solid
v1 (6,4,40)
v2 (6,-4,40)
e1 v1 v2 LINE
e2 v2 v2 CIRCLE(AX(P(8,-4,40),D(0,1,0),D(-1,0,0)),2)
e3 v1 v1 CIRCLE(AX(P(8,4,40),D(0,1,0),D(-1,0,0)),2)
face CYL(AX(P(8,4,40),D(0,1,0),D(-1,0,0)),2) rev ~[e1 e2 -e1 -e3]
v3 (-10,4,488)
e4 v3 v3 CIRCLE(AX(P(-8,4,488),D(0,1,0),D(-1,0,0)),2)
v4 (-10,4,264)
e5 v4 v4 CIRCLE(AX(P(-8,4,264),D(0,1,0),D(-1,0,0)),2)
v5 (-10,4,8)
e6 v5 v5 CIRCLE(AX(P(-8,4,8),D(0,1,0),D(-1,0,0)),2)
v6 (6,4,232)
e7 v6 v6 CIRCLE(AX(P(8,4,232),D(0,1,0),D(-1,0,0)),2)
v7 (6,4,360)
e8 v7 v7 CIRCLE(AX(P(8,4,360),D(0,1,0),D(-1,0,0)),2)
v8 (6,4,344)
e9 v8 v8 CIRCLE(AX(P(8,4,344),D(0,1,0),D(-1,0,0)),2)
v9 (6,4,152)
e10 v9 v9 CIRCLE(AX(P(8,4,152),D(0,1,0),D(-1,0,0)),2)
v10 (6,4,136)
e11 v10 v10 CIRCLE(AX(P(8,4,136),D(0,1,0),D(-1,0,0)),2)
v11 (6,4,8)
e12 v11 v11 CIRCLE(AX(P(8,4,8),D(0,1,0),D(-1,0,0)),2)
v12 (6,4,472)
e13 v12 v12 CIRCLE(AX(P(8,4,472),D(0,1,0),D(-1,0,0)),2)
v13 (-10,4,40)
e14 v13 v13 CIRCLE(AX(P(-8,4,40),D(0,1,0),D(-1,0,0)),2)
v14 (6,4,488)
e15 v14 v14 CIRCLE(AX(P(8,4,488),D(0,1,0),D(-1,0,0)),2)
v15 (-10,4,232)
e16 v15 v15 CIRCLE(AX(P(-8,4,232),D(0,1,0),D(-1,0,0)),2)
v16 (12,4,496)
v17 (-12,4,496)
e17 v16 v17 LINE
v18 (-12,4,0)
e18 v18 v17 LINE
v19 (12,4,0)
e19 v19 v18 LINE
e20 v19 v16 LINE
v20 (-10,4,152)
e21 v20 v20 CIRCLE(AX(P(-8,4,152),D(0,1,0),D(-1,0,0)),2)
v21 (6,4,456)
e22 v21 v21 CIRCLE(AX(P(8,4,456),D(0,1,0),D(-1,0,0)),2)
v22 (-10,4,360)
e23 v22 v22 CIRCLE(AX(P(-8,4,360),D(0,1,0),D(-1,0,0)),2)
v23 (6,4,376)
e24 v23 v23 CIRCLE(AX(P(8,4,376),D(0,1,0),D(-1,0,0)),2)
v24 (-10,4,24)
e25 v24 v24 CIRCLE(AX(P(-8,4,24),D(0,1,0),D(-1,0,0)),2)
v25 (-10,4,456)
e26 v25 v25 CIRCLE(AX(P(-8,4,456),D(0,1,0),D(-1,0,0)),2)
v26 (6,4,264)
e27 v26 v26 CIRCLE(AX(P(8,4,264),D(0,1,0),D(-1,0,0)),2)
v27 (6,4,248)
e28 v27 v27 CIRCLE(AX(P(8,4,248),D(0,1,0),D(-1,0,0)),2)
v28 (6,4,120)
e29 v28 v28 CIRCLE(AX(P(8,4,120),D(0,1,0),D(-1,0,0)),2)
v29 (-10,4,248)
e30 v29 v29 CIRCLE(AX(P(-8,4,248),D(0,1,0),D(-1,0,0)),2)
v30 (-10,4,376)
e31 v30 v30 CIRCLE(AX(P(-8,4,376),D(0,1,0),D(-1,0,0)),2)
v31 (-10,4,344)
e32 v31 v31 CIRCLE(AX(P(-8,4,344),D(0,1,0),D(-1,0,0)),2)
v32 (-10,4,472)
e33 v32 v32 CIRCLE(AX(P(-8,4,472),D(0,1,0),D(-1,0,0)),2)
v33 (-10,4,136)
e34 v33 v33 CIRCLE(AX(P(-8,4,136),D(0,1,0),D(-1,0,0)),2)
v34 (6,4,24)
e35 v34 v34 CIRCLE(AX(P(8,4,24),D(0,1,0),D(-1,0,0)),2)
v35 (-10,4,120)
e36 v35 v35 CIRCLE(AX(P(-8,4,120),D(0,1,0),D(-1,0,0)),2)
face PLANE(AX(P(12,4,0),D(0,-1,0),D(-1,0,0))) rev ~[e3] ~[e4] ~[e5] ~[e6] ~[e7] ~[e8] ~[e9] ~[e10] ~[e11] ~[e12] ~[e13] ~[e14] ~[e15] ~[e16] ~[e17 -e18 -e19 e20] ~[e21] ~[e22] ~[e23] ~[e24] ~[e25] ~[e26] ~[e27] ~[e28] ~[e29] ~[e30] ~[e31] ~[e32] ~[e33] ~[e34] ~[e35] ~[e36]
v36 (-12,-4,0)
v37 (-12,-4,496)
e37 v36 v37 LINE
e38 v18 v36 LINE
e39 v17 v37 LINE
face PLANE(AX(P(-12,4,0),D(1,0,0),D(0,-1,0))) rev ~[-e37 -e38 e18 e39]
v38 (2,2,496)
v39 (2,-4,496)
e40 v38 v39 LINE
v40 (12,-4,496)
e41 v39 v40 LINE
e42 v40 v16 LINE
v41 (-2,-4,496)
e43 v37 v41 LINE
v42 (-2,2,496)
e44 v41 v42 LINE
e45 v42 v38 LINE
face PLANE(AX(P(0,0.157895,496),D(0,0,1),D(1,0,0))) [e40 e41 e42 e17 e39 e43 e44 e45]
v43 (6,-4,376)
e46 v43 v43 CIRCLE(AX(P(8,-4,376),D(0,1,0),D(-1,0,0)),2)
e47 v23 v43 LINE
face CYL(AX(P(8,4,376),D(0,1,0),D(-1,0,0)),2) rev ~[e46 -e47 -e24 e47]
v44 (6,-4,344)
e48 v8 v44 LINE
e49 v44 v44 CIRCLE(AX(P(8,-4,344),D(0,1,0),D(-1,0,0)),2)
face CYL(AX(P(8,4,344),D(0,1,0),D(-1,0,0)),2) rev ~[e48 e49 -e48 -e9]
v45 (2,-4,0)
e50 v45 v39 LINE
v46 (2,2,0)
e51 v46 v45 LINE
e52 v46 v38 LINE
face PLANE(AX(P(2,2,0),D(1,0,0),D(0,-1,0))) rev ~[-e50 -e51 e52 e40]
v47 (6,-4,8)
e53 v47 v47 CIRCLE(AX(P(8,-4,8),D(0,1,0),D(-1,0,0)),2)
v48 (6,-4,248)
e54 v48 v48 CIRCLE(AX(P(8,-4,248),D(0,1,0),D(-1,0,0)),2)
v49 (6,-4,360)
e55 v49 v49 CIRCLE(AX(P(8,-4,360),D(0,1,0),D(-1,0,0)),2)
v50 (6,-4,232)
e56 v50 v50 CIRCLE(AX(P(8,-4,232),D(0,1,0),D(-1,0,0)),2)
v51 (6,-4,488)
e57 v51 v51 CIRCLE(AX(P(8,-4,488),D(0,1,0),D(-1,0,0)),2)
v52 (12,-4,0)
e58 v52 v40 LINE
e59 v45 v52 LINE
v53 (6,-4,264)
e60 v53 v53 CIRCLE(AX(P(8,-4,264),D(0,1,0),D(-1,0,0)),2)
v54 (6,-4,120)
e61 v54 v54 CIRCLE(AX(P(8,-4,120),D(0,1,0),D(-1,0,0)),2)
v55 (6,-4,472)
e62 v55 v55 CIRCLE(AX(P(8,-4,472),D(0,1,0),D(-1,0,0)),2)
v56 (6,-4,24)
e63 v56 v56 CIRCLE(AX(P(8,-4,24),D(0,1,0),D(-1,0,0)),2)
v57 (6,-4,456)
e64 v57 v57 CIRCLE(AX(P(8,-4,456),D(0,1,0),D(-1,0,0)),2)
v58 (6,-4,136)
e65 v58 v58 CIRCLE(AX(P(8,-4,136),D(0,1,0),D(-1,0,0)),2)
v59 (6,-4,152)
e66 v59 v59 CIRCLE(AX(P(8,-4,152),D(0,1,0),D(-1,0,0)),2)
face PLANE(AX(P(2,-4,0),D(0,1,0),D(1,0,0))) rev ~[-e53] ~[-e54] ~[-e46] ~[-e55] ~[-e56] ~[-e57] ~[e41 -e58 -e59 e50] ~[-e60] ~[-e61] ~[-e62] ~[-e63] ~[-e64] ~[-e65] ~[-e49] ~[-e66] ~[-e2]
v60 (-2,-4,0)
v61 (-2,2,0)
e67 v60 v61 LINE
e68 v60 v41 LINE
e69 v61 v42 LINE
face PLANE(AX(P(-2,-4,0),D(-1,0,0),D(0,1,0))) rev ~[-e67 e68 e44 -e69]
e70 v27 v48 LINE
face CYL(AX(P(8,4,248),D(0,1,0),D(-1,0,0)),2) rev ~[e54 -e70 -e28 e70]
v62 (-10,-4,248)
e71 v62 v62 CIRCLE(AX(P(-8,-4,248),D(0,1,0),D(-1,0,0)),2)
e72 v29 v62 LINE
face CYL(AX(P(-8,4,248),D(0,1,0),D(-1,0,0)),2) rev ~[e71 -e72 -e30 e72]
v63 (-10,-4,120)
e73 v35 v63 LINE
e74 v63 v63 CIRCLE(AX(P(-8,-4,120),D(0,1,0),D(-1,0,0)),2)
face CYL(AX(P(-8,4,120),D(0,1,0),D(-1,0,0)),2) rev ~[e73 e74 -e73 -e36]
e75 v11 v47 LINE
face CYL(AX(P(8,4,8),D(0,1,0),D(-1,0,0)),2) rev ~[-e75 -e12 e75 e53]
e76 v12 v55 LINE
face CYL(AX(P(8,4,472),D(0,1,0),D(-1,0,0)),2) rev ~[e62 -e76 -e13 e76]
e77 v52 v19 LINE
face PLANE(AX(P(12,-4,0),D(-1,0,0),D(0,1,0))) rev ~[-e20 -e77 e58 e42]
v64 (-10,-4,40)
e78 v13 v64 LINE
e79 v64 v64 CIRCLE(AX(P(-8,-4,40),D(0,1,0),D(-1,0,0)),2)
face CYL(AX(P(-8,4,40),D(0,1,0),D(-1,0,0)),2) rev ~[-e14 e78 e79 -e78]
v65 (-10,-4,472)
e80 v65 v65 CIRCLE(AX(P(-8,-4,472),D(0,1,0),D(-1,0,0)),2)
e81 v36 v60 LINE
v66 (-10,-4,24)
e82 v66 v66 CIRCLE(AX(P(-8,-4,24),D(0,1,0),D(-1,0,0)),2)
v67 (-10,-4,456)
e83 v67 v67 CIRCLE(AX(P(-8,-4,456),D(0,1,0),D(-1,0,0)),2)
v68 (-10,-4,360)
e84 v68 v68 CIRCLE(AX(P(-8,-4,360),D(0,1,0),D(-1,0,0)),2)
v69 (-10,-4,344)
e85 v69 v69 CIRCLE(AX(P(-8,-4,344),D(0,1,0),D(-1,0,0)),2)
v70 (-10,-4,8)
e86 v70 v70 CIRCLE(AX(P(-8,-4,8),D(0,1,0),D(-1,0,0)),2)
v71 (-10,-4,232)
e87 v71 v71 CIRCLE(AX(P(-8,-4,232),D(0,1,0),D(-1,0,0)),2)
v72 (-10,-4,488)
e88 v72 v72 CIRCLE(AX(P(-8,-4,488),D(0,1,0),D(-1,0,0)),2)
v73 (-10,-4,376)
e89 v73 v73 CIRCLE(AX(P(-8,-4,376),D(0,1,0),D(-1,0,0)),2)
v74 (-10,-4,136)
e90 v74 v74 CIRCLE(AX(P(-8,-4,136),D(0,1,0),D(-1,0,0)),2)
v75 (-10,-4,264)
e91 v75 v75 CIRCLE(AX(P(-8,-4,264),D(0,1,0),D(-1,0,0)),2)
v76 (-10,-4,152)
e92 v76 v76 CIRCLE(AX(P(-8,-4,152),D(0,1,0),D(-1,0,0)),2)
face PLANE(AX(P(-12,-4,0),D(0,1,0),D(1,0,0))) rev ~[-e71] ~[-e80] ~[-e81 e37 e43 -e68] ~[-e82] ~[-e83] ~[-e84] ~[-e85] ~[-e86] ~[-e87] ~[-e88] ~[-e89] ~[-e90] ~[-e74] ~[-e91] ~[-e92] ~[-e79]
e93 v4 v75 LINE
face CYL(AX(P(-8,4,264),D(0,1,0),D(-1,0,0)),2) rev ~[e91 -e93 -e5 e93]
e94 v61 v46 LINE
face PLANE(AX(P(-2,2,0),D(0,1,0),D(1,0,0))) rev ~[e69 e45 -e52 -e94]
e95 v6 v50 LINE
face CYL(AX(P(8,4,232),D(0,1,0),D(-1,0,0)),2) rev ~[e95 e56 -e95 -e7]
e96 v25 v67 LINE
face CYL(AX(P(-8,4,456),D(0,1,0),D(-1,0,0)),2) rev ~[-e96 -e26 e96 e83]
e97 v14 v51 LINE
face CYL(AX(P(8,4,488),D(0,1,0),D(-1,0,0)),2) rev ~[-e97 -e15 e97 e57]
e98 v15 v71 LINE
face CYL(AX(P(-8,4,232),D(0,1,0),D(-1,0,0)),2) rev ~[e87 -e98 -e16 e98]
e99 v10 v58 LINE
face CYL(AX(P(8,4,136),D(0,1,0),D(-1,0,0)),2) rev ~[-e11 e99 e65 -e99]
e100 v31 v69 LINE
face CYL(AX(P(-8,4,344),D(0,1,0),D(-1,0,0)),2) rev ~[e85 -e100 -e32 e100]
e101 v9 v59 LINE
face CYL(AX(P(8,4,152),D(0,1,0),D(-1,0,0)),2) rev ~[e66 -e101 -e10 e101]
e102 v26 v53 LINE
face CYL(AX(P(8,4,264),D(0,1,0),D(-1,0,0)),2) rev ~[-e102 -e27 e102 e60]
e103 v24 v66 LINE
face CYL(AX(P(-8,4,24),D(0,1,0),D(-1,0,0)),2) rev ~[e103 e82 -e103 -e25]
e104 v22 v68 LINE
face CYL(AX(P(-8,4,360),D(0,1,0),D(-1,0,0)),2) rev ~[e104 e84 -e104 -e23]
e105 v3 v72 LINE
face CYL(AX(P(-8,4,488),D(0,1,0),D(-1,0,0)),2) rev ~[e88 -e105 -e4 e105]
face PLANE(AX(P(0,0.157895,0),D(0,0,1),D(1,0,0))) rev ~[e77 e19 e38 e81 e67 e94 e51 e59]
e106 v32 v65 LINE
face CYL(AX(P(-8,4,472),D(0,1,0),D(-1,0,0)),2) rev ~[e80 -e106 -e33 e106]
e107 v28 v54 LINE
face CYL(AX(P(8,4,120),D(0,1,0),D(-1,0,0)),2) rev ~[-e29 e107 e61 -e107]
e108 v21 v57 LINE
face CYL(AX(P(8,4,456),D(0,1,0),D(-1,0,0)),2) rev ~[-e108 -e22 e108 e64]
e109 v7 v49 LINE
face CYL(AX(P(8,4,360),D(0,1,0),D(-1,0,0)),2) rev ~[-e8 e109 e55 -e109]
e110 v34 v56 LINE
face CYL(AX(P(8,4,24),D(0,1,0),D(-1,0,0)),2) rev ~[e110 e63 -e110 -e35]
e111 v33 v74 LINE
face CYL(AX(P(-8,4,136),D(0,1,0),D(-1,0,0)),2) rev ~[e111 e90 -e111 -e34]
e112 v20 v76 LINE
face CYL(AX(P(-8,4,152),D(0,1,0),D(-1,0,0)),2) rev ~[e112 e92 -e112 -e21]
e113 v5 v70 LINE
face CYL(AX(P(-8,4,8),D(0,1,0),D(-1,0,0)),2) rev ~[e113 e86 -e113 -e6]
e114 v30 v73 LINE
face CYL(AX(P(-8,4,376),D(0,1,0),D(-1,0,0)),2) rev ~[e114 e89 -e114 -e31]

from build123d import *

# Parameters (mm, degrees)
F1_DEPTH = 496
F2_R     = 2
F3_DEPTH = 25


with BuildPart() as f1:
    # F0 (on Top) → F1 (new body)
    with BuildSketch(Plane.XY):
        Polygon((12, -4), (12, 4), (-12, 4), (-12, -4), (-2, -4), (-2, 2), (2, 2), (2, -4), align=None)
    extrude(amount=F1_DEPTH)

    # F2 (on face) → F3 (cut)
    with BuildSketch(Plane(origin=(0, 4, 0), x_dir=(-1, 0, 0), z_dir=(0, 1, 0))):
        with Locations((-8, 40)):
            Circle(F2_R)
        with Locations((-8, 24)):
            Circle(F2_R)
        with Locations((-8, 8)):
            Circle(F2_R)
        with Locations((-8, 120)):
            Circle(F2_R)
        with Locations((-8, 136)):
            Circle(F2_R)
        with Locations((-8, 152)):
            Circle(F2_R)
        with Locations((-8, 232)):
            Circle(F2_R)
        with Locations((-8, 248)):
            Circle(F2_R)
        with Locations((-8, 264)):
            Circle(F2_R)
        with Locations((-8, 344)):
            Circle(F2_R)
        with Locations((-8, 360)):
            Circle(F2_R)
        with Locations((-8, 376)):
            Circle(F2_R)
        with Locations((-8, 456)):
            Circle(F2_R)
        with Locations((-8, 472)):
            Circle(F2_R)
        with Locations((-8, 488)):
            Circle(F2_R)
        with Locations((8, 8)):
            Circle(F2_R)
        with Locations((8, 24)):
            Circle(F2_R)
        with Locations((8, 40)):
            Circle(F2_R)
        with Locations((8, 120)):
            Circle(F2_R)
        with Locations((8, 136)):
            Circle(F2_R)
        with Locations((8, 152)):
            Circle(F2_R)
        with Locations((8, 232)):
            Circle(F2_R)
        with Locations((8, 264)):
            Circle(F2_R)
        with Locations((8, 248)):
            Circle(F2_R)
        with Locations((8, 344)):
            Circle(F2_R)
        with Locations((8, 360)):
            Circle(F2_R)
        with Locations((8, 376)):
            Circle(F2_R)
        with Locations((8, 456)):
            Circle(F2_R)
        with Locations((8, 472)):
            Circle(F2_R)
        with Locations((8, 488)):
            Circle(F2_R)
    extrude(amount=-F3_DEPTH, mode=Mode.SUBTRACT)


solid = f1.part
